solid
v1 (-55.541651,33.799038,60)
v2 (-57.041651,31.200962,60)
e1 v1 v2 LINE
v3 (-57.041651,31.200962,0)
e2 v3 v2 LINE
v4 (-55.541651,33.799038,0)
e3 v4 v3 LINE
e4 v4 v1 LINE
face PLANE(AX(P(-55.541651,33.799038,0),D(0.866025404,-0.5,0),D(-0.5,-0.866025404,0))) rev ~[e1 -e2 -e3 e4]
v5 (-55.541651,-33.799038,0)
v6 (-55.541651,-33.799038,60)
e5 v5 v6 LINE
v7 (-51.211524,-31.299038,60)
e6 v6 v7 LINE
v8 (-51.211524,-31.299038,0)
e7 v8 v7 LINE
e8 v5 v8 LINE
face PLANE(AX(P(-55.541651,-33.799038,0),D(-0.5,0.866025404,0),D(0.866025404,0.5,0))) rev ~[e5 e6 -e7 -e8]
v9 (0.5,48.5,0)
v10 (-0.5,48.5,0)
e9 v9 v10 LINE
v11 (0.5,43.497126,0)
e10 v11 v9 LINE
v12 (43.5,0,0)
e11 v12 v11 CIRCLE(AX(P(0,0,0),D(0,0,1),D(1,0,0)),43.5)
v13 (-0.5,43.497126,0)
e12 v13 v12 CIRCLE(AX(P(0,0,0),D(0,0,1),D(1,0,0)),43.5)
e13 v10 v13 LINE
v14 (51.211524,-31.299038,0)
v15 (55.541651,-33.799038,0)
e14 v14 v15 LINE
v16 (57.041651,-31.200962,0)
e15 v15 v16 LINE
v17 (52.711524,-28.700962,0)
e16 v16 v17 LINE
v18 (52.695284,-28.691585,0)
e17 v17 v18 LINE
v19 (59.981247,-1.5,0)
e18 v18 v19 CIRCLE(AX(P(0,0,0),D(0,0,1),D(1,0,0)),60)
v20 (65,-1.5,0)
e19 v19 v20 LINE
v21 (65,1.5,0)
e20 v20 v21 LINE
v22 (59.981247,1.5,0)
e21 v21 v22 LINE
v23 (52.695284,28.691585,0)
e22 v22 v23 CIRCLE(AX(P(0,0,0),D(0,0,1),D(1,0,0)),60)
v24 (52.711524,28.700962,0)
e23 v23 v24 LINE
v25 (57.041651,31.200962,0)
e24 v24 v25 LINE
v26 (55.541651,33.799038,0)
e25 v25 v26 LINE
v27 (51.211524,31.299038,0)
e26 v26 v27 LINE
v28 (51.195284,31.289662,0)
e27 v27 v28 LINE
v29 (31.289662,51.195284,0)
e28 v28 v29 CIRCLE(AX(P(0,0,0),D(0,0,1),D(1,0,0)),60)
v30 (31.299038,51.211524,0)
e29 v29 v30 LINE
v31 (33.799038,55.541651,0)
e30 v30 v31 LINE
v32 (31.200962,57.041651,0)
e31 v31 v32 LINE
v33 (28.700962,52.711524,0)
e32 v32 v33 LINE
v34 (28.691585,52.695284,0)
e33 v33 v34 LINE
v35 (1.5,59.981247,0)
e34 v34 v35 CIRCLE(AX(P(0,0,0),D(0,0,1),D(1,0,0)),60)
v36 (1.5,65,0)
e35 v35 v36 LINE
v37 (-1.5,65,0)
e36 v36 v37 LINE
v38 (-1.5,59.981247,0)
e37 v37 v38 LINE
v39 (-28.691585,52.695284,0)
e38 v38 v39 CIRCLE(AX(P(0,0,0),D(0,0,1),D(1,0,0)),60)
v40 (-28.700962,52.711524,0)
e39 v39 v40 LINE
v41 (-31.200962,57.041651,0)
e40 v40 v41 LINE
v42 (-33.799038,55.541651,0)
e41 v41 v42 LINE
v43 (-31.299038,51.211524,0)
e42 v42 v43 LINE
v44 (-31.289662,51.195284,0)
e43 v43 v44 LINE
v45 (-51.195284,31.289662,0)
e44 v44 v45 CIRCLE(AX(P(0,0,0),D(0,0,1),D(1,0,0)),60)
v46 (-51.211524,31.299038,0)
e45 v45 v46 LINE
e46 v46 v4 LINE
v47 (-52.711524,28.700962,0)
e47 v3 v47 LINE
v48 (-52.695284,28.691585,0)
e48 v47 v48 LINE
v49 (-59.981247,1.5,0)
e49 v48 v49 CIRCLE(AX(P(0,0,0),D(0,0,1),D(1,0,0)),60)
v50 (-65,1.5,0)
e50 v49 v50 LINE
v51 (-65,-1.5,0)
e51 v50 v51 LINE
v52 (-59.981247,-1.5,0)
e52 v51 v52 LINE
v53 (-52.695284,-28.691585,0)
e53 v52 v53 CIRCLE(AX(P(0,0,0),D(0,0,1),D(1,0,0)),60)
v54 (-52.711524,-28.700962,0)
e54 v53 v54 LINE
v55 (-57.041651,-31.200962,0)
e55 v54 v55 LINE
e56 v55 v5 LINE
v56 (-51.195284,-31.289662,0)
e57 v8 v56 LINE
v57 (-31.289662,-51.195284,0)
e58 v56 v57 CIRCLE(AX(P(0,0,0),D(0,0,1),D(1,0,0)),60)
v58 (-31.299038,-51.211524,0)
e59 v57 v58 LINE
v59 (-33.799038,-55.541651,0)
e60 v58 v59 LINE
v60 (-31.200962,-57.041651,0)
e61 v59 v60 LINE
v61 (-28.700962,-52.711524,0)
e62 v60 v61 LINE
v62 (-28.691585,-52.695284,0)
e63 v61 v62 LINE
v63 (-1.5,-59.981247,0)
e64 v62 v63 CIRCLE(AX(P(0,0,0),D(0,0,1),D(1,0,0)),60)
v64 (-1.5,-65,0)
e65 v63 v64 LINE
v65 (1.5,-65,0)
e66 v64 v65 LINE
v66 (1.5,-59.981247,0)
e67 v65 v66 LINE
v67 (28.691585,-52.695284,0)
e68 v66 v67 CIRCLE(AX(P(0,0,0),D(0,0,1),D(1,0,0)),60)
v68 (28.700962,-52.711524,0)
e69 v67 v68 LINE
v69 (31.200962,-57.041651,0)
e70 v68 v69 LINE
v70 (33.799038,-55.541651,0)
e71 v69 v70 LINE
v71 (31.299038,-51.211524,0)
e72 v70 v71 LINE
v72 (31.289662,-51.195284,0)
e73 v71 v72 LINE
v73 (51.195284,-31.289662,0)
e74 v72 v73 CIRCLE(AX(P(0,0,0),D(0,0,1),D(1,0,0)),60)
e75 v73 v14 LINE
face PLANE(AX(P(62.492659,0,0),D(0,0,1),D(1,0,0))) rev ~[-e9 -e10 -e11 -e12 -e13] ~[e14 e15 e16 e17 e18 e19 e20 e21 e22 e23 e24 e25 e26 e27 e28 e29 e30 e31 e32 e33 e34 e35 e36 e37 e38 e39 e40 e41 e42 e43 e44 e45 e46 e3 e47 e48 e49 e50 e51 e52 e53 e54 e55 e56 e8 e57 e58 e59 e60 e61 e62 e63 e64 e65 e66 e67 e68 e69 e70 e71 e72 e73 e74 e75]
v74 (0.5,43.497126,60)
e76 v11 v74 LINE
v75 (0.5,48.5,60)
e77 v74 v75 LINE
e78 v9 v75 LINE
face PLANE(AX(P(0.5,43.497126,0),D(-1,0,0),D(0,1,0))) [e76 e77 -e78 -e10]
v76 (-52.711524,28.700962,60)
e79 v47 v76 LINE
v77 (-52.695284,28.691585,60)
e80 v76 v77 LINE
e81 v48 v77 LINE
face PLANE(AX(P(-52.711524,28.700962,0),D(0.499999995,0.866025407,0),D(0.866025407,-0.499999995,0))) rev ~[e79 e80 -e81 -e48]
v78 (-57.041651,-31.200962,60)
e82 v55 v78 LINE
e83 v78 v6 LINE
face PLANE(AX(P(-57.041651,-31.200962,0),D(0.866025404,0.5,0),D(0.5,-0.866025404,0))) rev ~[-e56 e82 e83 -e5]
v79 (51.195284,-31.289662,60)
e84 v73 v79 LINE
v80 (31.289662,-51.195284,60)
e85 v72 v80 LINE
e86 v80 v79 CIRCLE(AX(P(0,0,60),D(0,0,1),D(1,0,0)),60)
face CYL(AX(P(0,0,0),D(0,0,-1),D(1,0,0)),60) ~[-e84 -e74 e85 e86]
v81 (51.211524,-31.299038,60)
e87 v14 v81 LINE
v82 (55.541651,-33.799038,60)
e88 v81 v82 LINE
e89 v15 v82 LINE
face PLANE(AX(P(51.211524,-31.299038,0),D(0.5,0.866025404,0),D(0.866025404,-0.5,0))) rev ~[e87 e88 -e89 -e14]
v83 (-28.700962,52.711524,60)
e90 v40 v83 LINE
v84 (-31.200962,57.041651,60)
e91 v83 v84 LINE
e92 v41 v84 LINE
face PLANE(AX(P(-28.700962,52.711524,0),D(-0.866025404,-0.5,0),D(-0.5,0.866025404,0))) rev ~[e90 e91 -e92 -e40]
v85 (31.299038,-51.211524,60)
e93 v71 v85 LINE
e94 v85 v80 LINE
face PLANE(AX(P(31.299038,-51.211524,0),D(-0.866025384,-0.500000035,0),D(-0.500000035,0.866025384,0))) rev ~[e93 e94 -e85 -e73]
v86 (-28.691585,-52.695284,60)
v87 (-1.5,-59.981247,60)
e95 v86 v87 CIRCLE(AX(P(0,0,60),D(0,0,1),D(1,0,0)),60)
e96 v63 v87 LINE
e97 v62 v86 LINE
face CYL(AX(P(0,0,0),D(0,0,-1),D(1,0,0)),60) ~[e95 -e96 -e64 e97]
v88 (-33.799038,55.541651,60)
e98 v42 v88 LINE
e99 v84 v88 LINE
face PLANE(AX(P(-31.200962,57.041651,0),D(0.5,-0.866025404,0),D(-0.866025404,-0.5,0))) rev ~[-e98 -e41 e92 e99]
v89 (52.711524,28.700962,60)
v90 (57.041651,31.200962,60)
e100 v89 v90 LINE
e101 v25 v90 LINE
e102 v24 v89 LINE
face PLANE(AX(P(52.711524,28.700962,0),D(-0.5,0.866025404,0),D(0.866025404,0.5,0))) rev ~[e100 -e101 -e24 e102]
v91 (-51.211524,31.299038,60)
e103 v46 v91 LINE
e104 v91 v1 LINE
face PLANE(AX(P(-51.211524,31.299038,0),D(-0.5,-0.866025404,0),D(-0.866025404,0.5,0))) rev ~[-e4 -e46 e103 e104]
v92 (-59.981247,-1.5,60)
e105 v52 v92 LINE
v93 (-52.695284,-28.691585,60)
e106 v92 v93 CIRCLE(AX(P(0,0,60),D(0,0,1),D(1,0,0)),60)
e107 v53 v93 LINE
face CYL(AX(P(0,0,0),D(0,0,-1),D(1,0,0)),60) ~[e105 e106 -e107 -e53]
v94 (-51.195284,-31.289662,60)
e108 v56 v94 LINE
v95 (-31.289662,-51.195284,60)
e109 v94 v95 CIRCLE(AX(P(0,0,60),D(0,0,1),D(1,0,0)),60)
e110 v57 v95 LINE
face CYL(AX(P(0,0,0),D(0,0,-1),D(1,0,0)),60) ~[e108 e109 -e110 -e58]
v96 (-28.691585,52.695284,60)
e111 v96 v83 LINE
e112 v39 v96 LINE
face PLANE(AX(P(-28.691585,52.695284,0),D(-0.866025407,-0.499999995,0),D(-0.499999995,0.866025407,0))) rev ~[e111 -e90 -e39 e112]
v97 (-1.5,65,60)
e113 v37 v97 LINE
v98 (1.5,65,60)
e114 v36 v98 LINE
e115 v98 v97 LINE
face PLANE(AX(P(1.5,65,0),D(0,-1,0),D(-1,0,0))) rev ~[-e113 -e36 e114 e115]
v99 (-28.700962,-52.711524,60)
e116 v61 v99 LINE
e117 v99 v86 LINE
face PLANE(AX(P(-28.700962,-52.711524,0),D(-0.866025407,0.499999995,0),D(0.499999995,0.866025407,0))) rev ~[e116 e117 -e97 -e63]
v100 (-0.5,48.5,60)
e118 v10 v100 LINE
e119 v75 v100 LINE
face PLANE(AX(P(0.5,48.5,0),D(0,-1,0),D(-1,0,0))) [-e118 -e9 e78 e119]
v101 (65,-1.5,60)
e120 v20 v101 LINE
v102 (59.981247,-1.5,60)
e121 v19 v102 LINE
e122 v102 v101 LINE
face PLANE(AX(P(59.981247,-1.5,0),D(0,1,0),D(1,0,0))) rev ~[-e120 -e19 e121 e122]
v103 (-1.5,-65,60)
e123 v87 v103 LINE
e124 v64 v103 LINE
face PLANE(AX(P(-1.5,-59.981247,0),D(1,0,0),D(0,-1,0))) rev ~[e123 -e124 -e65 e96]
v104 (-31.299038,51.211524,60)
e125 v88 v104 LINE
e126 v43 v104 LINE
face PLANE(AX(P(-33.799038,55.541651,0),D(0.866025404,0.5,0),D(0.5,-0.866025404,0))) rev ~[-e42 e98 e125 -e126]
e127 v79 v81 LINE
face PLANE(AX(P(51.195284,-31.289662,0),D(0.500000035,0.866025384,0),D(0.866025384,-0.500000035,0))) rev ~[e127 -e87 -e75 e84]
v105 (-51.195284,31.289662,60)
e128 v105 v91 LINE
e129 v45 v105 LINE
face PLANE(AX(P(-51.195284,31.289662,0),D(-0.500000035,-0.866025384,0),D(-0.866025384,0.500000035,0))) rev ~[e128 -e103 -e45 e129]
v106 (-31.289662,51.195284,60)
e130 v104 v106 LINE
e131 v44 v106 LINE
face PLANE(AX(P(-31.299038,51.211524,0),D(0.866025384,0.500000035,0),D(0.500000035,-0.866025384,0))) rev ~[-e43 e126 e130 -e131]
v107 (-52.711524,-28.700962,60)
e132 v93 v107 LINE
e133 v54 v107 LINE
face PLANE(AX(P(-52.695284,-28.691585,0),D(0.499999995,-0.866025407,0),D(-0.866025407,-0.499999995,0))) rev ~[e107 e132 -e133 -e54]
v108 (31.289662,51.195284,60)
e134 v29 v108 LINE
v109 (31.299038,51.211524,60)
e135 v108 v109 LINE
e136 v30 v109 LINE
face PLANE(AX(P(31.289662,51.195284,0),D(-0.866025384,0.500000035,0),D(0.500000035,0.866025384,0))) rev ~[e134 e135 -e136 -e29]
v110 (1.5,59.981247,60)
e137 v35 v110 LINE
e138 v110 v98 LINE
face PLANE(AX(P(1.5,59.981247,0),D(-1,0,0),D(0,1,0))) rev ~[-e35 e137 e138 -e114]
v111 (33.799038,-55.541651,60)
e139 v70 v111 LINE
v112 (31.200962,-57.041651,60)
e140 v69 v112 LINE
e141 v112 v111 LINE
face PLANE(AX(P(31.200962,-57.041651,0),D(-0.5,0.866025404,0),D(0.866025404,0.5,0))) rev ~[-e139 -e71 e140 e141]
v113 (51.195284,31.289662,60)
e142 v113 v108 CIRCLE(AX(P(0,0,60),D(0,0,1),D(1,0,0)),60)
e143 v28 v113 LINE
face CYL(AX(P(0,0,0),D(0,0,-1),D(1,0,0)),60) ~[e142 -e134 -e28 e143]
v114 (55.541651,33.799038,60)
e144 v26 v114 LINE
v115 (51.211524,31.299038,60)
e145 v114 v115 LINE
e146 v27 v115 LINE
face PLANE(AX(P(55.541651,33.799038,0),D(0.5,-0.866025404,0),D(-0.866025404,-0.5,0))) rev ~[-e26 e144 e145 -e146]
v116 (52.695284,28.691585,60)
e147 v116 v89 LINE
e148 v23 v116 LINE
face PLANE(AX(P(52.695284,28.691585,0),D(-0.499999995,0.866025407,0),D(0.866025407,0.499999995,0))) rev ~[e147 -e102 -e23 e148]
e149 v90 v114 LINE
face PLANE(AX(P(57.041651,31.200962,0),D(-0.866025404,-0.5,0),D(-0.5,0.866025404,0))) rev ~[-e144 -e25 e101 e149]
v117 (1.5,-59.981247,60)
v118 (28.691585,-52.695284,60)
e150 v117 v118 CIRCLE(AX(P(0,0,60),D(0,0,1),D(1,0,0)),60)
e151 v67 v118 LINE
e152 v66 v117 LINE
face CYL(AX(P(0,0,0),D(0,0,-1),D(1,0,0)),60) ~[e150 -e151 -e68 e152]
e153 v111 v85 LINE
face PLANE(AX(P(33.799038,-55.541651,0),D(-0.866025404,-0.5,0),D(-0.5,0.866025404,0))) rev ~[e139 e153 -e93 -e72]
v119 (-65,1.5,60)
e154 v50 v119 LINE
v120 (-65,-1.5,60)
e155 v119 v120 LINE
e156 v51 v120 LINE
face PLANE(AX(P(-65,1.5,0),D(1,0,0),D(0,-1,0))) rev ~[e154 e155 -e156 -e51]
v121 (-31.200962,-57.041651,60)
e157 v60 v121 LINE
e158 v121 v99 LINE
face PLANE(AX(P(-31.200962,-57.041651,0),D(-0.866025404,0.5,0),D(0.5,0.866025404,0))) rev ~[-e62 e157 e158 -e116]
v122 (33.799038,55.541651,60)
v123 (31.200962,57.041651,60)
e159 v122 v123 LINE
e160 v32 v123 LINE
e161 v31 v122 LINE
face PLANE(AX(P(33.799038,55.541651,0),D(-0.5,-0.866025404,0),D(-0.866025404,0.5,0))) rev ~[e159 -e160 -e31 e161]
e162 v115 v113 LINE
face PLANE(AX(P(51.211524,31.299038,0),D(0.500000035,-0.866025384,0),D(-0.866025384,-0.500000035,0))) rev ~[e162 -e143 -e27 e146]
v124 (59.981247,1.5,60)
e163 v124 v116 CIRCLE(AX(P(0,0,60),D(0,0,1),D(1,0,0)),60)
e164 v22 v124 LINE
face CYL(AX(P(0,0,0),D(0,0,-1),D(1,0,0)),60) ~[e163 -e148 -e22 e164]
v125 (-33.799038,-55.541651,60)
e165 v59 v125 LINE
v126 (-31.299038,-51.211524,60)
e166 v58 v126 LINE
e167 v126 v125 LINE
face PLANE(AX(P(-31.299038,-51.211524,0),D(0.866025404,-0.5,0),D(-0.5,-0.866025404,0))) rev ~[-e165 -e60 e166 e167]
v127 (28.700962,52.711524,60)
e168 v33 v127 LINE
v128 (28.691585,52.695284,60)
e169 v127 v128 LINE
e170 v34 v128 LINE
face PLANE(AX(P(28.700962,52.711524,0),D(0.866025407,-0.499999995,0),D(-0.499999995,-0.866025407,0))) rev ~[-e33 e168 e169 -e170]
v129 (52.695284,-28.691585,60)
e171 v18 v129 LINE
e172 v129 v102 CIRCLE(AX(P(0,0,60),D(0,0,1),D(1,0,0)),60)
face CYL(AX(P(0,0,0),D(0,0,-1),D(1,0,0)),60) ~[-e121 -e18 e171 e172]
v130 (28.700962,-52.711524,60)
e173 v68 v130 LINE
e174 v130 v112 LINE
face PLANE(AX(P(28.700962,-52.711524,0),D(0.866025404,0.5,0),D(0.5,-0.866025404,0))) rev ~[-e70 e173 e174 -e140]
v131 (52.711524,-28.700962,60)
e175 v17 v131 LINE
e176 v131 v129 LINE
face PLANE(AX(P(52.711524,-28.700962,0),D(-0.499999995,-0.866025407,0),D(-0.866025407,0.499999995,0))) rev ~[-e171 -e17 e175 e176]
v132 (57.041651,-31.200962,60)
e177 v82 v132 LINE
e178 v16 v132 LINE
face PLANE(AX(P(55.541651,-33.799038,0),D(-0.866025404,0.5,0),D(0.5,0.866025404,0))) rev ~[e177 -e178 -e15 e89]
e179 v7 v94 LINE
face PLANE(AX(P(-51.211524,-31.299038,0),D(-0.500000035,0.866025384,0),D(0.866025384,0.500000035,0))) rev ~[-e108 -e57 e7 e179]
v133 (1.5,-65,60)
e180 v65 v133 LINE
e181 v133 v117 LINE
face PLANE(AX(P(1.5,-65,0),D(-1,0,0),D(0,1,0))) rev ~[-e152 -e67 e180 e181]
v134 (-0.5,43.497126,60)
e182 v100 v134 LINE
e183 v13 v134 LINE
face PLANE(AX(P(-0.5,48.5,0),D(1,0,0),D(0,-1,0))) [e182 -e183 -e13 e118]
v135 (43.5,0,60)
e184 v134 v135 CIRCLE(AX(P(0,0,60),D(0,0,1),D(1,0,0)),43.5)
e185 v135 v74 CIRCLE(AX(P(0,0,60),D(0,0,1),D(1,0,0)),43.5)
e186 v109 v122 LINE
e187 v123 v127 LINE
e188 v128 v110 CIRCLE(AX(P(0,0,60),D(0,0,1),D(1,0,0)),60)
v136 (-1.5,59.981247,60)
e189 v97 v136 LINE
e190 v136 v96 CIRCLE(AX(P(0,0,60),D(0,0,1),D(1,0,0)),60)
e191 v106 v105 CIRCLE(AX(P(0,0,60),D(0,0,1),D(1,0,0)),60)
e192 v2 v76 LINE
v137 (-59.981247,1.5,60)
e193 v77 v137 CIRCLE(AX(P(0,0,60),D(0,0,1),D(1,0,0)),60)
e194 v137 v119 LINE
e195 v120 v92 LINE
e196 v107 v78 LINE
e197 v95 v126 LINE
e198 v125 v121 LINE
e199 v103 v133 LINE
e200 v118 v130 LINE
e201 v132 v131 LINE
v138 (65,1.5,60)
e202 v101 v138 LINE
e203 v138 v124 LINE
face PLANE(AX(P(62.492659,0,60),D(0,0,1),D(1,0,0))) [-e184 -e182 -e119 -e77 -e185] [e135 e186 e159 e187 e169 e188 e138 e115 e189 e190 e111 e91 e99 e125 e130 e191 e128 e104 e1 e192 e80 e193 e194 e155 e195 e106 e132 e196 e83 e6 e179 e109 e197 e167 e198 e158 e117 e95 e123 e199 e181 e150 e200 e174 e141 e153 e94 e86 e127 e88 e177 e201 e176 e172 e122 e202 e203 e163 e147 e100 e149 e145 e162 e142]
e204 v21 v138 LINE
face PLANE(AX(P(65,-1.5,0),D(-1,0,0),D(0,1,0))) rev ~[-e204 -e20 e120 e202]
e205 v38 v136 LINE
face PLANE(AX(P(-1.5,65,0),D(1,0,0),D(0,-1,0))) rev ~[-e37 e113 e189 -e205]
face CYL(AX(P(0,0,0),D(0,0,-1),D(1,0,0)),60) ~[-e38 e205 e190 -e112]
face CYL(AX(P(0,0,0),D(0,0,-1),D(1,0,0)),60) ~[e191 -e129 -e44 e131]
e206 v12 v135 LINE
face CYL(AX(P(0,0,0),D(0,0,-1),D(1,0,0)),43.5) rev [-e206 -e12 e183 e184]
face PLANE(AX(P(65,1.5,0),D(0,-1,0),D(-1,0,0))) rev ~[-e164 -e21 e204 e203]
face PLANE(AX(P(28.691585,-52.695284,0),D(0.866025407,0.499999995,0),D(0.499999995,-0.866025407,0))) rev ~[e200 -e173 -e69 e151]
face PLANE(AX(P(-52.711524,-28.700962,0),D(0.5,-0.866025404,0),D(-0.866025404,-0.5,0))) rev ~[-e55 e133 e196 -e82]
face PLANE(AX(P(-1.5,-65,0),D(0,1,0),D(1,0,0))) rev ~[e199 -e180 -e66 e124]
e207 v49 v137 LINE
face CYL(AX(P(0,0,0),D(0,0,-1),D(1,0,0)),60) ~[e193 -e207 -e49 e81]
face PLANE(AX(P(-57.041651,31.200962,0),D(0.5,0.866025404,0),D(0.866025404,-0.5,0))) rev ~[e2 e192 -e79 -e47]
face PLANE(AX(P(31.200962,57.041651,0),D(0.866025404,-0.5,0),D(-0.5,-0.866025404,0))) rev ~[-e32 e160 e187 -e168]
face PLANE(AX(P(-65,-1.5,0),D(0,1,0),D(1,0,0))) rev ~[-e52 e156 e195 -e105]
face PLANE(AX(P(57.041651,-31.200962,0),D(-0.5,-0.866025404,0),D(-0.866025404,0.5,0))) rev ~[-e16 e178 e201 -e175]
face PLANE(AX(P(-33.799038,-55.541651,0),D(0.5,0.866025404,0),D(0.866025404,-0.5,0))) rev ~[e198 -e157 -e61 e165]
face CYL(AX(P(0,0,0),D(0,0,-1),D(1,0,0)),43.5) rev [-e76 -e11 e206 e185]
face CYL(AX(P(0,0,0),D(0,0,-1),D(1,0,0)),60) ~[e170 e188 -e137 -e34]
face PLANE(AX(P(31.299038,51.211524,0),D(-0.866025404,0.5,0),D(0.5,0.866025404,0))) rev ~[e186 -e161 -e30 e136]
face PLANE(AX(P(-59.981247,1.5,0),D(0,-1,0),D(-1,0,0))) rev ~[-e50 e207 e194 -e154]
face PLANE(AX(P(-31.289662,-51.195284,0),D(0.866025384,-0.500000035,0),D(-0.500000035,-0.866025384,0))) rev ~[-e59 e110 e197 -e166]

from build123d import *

# Parameters (mm, degrees)
SKETCH1_R           = 60
SKETCH1_R_2         = 43.5
EXTRUSION1_DEPTH    = 60
EXTRUSION3_START    = -60
EXTRUSION3_DEPTH    = 60
BOSS_EXTRUDE1_START = -60
BOSS_EXTRUDE1_DEPTH = 60


with BuildPart() as part:
    # Sketch1 → Extrusion1 (new body)
    with BuildSketch(Plane.XY):
        Circle(SKETCH1_R)
        Circle(SKETCH1_R_2, mode=Mode.SUBTRACT)
    extrude(amount=EXTRUSION1_DEPTH)

    # Sketch3 → Extrusion3 (cut)
    with BuildSketch(Plane.XY.offset(60).offset(EXTRUSION3_START)):
        with BuildLine():
            Line((-0.5, 48.5), (-0.5, 43.497126342))
            ThreePointArc((-0.5, 43.497126342), (0, 43.5), (0.5, 43.497126342))
            Line((0.5, 43.497126342), (0.5, 48.5))
            Line((0.5, 48.5), (-0.5, 48.5))
        make_face()
    extrude(amount=EXTRUSION3_DEPTH, mode=Mode.SUBTRACT)

    # Sketch4 → Boss-Extrude1 (add)
    with BuildSketch(Plane.XY.offset(60).offset(BOSS_EXTRUDE1_START)):
        with BuildLine():
            Line((31.28966164, 51.195283713), (31.299038106, 51.211524227))
            Line((31.299038106, 51.211524227), (33.799038106, 55.541651246))
            Line((33.799038106, 55.541651246), (31.200961894, 57.041651246))
            Line((31.200961894, 57.041651246), (28.700961894, 52.711524227))
            Line((28.700961894, 52.711524227), (28.691585429, 52.695283713))
            ThreePointArc((28.691585429, 52.695283713), (30, 51.961524227), (31.28966164, 51.195283713))
        make_face()
        with BuildLine():
            Line((1.5, 59.981247069), (1.5, 60))
            Line((1.5, 60), (1.5, 65))
            Line((1.5, 65), (-1.5, 65))
            Line((-1.5, 65), (-1.5, 60))
            Line((-1.5, 60), (-1.5, 59.981247069))
            ThreePointArc((-1.5, 59.981247069), (0, 60), (1.5, 59.981247069))
        make_face()
        with BuildLine():
            Line((52.695283713, 28.691585429), (52.711524227, 28.700961894))
            Line((52.711524227, 28.700961894), (57.041651246, 31.200961894))
            Line((57.041651246, 31.200961894), (55.541651246, 33.799038106))
            Line((55.541651246, 33.799038106), (51.211524227, 31.299038106))
            Line((51.211524227, 31.299038106), (51.195283713, 31.28966164))
            ThreePointArc((51.195283713, 31.28966164), (51.961524227, 30), (52.695283713, 28.691585429))
        make_face()
        with BuildLine():
            Line((59.981247069, -1.5), (60, -1.5))
            Line((60, -1.5), (65, -1.5))
            Line((65, -1.5), (65, 1.5))
            Line((65, 1.5), (60, 1.5))
            Line((60, 1.5), (59.981247069, 1.5))
            ThreePointArc((59.981247069, 1.5), (60, 0), (59.981247069, -1.5))
        make_face()
        with BuildLine():
            Line((51.195283713, -31.28966164), (51.211524227, -31.299038106))
            Line((51.211524227, -31.299038106), (55.541651246, -33.799038106))
            Line((55.541651246, -33.799038106), (57.041651246, -31.200961894))
            Line((57.041651246, -31.200961894), (52.711524227, -28.700961894))
            Line((52.711524227, -28.700961894), (52.695283713, -28.691585429))
            ThreePointArc((52.695283713, -28.691585429), (51.961524227, -30), (51.195283713, -31.28966164))
        make_face()
        with BuildLine():
            Line((28.691585429, -52.695283713), (28.700961894, -52.711524227))
            Line((28.700961894, -52.711524227), (31.200961894, -57.041651246))
            Line((31.200961894, -57.041651246), (33.799038106, -55.541651246))
            Line((33.799038106, -55.541651246), (31.299038106, -51.211524227))
            Line((31.299038106, -51.211524227), (31.28966164, -51.195283713))
            ThreePointArc((31.28966164, -51.195283713), (30, -51.961524227), (28.691585429, -52.695283713))
        make_face()
        with BuildLine():
            Line((-1.5, -59.981247069), (-1.5, -60))
            Line((-1.5, -60), (-1.5, -65))
            Line((-1.5, -65), (1.5, -65))
            Line((1.5, -65), (1.5, -60))
            Line((1.5, -60), (1.5, -59.981247069))
            ThreePointArc((1.5, -59.981247069), (0, -60), (-1.5, -59.981247069))
        make_face()
        with BuildLine():
            Line((-31.28966164, -51.195283713), (-31.299038106, -51.211524227))
            Line((-31.299038106, -51.211524227), (-33.799038106, -55.541651246))
            Line((-33.799038106, -55.541651246), (-31.200961894, -57.041651246))
            Line((-31.200961894, -57.041651246), (-28.700961894, -52.711524227))
            Line((-28.700961894, -52.711524227), (-28.691585429, -52.695283713))
            ThreePointArc((-28.691585429, -52.695283713), (-30, -51.961524227), (-31.28966164, -51.195283713))
        make_face()
        with BuildLine():
            Line((-52.695283713, -28.691585429), (-52.711524227, -28.700961894))
            Line((-52.711524227, -28.700961894), (-57.041651246, -31.200961894))
            Line((-57.041651246, -31.200961894), (-55.541651246, -33.799038106))
            Line((-55.541651246, -33.799038106), (-51.211524227, -31.299038106))
            Line((-51.211524227, -31.299038106), (-51.195283713, -31.28966164))
            ThreePointArc((-51.195283713, -31.28966164), (-51.961524227, -30), (-52.695283713, -28.691585429))
        make_face()
        with BuildLine():
            Line((-59.981247069, 1.5), (-60, 1.5))
            Line((-60, 1.5), (-65, 1.5))
            Line((-65, 1.5), (-65, -1.5))
            Line((-65, -1.5), (-60, -1.5))
            Line((-60, -1.5), (-59.981247069, -1.5))
            ThreePointArc((-59.981247069, -1.5), (-60, 0), (-59.981247069, 1.5))
        make_face()
        with BuildLine():
            Line((-51.195283713, 31.28966164), (-51.211524227, 31.299038106))
            Line((-51.211524227, 31.299038106), (-55.541651246, 33.799038106))
            Line((-55.541651246, 33.799038106), (-57.041651246, 31.200961894))
            Line((-57.041651246, 31.200961894), (-52.711524227, 28.700961894))
            Line((-52.711524227, 28.700961894), (-52.695283713, 28.691585429))
            ThreePointArc((-52.695283713, 28.691585429), (-51.961524227, 30), (-51.195283713, 31.28966164))
        make_face()
        with BuildLine():
            Line((-28.691585429, 52.695283713), (-28.700961894, 52.711524227))
            Line((-28.700961894, 52.711524227), (-31.200961894, 57.041651246))
            Line((-31.200961894, 57.041651246), (-33.799038106, 55.541651246))
            Line((-33.799038106, 55.541651246), (-31.299038106, 51.211524227))
            Line((-31.299038106, 51.211524227), (-31.28966164, 51.195283713))
            ThreePointArc((-31.28966164, 51.195283713), (-30, 51.961524227), (-28.691585429, 52.695283713))
        make_face()
    extrude(amount=BOSS_EXTRUDE1_DEPTH)


solid = part.part
